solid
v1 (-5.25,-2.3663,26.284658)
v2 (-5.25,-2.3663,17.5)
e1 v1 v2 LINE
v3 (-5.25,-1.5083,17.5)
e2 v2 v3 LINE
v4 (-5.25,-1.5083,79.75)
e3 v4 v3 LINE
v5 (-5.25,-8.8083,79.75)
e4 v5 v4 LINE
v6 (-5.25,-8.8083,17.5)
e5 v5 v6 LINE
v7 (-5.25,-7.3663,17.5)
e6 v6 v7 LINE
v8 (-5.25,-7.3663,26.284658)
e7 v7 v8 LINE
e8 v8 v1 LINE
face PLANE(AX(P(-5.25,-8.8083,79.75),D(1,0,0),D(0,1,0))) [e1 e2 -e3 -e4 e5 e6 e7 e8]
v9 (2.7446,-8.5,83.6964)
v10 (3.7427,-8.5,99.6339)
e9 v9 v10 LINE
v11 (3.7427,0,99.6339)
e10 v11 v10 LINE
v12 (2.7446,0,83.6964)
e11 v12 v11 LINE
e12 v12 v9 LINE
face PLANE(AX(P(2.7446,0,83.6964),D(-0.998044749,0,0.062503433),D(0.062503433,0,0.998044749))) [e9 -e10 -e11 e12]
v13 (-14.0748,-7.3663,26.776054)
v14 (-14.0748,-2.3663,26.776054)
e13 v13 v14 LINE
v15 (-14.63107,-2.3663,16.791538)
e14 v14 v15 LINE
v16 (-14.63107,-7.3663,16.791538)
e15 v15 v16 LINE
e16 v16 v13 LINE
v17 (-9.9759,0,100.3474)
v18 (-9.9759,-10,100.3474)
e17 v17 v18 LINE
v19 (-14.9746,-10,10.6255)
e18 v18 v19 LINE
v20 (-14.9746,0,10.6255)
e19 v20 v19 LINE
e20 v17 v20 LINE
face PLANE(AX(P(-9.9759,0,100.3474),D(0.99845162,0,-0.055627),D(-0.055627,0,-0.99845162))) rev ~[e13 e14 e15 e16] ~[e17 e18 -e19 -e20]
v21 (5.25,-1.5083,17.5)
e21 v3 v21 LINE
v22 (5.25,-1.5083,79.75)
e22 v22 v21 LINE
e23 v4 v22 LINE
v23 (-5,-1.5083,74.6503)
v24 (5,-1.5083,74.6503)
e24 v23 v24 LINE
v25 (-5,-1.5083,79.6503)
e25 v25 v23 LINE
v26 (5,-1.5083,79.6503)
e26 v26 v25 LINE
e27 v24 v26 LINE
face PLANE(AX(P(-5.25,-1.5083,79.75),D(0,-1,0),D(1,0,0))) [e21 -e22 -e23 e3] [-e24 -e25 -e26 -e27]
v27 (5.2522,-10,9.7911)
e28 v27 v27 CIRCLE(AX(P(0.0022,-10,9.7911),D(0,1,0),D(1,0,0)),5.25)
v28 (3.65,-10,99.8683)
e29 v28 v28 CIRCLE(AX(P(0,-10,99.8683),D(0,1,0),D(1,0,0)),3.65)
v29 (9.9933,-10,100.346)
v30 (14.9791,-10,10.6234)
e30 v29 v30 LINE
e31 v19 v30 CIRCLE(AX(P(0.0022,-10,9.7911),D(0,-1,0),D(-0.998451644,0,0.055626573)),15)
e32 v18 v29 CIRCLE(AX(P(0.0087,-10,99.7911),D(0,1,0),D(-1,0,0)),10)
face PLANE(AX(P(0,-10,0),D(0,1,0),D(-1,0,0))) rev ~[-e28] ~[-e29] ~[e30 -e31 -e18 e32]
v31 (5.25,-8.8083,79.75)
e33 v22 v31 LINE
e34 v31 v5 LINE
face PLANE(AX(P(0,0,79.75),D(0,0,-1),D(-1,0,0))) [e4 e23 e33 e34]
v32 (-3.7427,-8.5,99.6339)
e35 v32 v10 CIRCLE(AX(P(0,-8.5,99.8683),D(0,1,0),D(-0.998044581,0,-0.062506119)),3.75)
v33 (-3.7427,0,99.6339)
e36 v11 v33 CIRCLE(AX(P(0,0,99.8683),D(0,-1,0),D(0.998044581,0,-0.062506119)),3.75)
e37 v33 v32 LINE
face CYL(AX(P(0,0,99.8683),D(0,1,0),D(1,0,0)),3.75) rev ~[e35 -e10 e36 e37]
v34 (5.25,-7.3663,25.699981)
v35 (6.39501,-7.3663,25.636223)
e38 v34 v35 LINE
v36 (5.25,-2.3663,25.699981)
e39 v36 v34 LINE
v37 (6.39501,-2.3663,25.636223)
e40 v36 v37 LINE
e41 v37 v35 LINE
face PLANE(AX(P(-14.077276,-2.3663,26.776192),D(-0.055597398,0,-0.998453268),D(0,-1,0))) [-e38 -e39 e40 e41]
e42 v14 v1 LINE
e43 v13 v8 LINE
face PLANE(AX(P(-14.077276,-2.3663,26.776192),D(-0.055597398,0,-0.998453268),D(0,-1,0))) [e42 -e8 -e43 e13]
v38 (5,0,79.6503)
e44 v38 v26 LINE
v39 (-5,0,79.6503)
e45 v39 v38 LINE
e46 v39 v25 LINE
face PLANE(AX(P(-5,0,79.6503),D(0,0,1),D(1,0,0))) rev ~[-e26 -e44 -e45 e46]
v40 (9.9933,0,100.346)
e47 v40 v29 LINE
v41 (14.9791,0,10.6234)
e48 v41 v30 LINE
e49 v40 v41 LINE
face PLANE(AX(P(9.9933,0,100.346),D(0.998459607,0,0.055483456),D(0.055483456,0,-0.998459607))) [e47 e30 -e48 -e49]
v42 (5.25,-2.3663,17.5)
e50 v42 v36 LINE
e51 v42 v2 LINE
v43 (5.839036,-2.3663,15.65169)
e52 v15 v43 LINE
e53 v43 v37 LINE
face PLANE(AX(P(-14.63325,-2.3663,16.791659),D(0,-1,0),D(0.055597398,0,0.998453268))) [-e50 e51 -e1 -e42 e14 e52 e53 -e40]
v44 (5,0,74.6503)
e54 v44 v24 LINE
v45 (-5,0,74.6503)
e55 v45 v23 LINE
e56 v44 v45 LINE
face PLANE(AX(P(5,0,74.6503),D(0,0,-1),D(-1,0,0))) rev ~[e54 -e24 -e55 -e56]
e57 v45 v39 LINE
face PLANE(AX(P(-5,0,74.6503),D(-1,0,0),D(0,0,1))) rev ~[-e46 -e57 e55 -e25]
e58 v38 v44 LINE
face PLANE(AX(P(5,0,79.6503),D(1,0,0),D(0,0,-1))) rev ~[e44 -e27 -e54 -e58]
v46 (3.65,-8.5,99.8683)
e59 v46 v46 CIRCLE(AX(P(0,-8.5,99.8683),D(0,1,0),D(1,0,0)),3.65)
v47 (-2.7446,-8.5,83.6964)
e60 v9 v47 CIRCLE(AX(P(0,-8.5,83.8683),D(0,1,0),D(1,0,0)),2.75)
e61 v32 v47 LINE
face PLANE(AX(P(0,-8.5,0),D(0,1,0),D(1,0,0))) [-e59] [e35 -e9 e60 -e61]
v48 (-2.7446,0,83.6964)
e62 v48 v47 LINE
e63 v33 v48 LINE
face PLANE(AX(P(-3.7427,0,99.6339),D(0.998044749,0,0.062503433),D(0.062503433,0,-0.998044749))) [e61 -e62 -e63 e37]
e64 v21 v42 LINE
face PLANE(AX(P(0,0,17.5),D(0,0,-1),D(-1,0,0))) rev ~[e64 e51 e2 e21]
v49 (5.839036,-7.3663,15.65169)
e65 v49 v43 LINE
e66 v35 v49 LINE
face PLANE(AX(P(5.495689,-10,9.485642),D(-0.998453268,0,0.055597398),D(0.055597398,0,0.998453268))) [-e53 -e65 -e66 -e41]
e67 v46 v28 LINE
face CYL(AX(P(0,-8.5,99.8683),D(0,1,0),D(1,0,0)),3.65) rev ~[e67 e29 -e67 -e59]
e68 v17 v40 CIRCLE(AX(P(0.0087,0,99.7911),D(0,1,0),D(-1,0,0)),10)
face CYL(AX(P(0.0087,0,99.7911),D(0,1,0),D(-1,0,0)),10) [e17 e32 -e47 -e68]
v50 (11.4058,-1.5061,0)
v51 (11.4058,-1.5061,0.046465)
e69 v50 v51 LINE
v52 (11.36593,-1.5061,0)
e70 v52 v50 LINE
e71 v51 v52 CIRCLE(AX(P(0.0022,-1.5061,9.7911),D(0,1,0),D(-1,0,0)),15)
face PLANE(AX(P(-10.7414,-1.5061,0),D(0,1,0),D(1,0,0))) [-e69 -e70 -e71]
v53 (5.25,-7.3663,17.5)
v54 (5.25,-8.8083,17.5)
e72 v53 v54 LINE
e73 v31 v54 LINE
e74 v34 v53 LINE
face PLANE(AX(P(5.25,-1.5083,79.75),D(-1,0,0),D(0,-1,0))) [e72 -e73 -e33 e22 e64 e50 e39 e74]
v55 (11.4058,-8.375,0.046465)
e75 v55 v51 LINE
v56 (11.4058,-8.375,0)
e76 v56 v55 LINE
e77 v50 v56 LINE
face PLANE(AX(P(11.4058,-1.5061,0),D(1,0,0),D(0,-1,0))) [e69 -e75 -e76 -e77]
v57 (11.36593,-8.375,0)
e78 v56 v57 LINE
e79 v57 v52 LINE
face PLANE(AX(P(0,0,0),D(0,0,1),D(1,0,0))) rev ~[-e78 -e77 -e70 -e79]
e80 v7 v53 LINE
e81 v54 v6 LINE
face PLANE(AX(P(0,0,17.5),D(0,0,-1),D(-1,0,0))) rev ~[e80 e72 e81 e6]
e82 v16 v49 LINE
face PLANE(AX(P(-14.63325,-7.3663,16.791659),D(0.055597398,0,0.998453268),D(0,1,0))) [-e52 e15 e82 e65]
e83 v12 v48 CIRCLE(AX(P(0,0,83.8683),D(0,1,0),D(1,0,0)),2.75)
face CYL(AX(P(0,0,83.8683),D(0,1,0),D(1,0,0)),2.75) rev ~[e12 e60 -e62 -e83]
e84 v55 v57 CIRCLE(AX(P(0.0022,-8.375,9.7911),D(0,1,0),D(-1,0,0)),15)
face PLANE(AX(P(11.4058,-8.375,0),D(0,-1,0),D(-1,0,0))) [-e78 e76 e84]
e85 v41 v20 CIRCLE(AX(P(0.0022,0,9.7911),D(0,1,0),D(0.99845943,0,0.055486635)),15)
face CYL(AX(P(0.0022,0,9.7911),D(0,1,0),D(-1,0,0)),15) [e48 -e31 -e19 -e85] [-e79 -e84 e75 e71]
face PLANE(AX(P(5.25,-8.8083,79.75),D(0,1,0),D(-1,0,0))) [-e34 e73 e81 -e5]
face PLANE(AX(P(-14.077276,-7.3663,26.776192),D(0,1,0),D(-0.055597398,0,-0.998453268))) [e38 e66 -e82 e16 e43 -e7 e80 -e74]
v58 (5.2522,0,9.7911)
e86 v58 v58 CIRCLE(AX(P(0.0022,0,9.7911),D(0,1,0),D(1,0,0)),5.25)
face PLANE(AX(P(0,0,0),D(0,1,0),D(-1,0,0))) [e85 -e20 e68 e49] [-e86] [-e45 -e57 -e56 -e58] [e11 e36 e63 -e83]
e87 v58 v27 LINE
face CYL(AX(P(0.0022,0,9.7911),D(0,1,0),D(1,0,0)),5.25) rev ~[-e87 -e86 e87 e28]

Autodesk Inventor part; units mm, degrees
ref_plane "YZ Plane" through (0, 0, 0) normal (1, 0, 0) x (0, 1, 0)
ref_plane "XZ Plane" through (0, 0, 0) normal (0, 1, 0) x (-1, 0, 0)
sketch "Sketch1" plane through (0, 0, 0) normal (0, 1, 0) x (-1, 0, 0)
  circle A0 centre (-0.0087, 99.7911) radius 10
  circle A1 centre (-0.0022, 9.7911) radius 15
  line L0 (9.9759, 100.3474) -> (14.9746, 10.6255)
  line L1 (-9.9933, 100.346) -> (-14.9791, 10.6234)
  point P0 (0, 0)
  dimension "d0" = 20
  dimension "d1" = 30
  dimension "d2" = 90
extrude "Extrusion1" add sketch "Sketch1" against normal blind 10
sketch "Sketch2" plane through (0, 0, 0) normal (0, 1, 0) x (1, 0, 0)
  circle A0 centre (0, -99.8683) radius 3.75
  circle A1 centre (0, -83.8683) radius 2.75
  line L0 (2.7446, -83.6964) -> (3.7427, -99.6339)
  line L1 (-3.7427, -99.6339) -> (-2.7446, -83.6964)
  point P0 (0, 0)
  dimension "d7" = 7.5
  dimension "d8" = 5.5
  dimension "d9" = 16
extrude "Extrusion2" cut sketch "Sketch2" against normal blind 8.5
sketch "Sketch3" plane through (0, -8.5, 0) normal (0, 1, 0) x (1, 0, 0)
  arc A0 (-3.7427, -99.6339) -> (3.7427, -99.6339) centre (0, -99.8683) ccw projected
  circle A1 centre (0, -99.8683) radius 3.65
  point P0 (0, 0)
  dimension "d12" = 7.3
extrude "Extrusion3" cut sketch "Sketch3" against normal blind 8.5
sketch "Sketch4" plane through (0, 0, 0) normal (0, 1, 0) x (1, 0, 0)
  arc A0 (14.9791, -10.6234) -> (-14.9746, -10.6255) centre (0.0022, -9.7911) ccw projected
  circle A1 centre (0.0022, -9.7911) radius 5.25
  point P0 (0, 0)
  dimension "d15" = 10.5
extrude "Extrusion4" cut sketch "Sketch4" against normal blind 11
sketch "Sketch6" plane through (0, 0, 0) normal (0, 0, 1) x (1, 0, 0)
  line L0 (-10.7414, -1.5061) -> (11.4058, -1.5061)
  line L1 (11.4058, -1.5061) -> (11.4058, -8.375)
  line L2 (11.4058, -8.375) -> (-10.7414, -8.375)
  line L3 (-10.7414, -8.375) -> (-10.7414, -1.5061)
  point P0 (0, 0)
extrude "Extrusion6" add sketch "Sketch6" along normal blind 1
ref_plane "Work Plane3" through (0, 0, 79.75) normal (0, 0, -1) x (-1, 0, 0)
sketch "Sketch7" plane through (0, 0, 79.75) normal (0, 0, -1) x (-1, 0, 0)
  line L0 (5.25, -1.5083) -> (-5.25, -1.5083)
  line L1 (-5.25, -1.5083) -> (-5.25, -8.8083)
  line L2 (-5.25, -8.8083) -> (5.25, -8.8083)
  line L3 (5.25, -8.8083) -> (5.25, -1.5083)
  line L4 (5.25, -1.5083) -> (-5.25, -8.8083) construction
  line L5 (-5.25, -1.5083) -> (5.25, -8.8083) construction
  point P0 (0, 0)
  point P1 (0, -5.1583)
  dimension "d23" = 10.5
  dimension "d24" = 7.3
extrude "Extrusion7" cut sketch "Sketch7" along normal blind 62.25
sketch "Sketch8" plane through (0, 0, 0) normal (0, 1, 0) x (1, 0, 0)
  line L0 (-5, -79.6503) -> (5, -79.6503)
  line L1 (5, -79.6503) -> (5, -74.6503)
  line L2 (5, -74.6503) -> (-5, -74.6503)
  line L3 (-5, -74.6503) -> (-5, -79.6503)
  line L4 (-5, -79.6503) -> (5, -74.6503) construction
  line L5 (5, -79.6503) -> (-5, -74.6503) construction
  point P0 (0, 0)
  point P1 (0, -77.1503)
  dimension "d27" = 10
  dimension "d28" = 5
extrude "Extrusion8" cut sketch "Sketch8" against normal blind 8.5
sketch "Sketch9" plane through (-14.9746, -10, 10.6255) normal (-0.9985, 0, 0.0556) x (0.0556, 0, 0.9985)
  line L0 (16.1756, 2.6337) -> (6.1756, 2.6337)
  line L1 (6.1756, 2.6337) -> (6.1756, 7.6337)
  line L2 (6.1756, 7.6337) -> (16.1756, 7.6337)
  line L3 (16.1756, 7.6337) -> (16.1756, 2.6337)
  line L4 (16.1756, 2.6337) -> (6.1756, 7.6337) construction
  line L5 (6.1756, 2.6337) -> (16.1756, 7.6337) construction
  point P0 (-9.7761, 10)
  point P1 (11.1756, 5.1337)
  dimension "d31" = 10
  dimension "d32" = 5
extrude "Extrusion9" cut sketch "Sketch9" against normal blind 20.5
properties part number "Brazo_3DPrint"
